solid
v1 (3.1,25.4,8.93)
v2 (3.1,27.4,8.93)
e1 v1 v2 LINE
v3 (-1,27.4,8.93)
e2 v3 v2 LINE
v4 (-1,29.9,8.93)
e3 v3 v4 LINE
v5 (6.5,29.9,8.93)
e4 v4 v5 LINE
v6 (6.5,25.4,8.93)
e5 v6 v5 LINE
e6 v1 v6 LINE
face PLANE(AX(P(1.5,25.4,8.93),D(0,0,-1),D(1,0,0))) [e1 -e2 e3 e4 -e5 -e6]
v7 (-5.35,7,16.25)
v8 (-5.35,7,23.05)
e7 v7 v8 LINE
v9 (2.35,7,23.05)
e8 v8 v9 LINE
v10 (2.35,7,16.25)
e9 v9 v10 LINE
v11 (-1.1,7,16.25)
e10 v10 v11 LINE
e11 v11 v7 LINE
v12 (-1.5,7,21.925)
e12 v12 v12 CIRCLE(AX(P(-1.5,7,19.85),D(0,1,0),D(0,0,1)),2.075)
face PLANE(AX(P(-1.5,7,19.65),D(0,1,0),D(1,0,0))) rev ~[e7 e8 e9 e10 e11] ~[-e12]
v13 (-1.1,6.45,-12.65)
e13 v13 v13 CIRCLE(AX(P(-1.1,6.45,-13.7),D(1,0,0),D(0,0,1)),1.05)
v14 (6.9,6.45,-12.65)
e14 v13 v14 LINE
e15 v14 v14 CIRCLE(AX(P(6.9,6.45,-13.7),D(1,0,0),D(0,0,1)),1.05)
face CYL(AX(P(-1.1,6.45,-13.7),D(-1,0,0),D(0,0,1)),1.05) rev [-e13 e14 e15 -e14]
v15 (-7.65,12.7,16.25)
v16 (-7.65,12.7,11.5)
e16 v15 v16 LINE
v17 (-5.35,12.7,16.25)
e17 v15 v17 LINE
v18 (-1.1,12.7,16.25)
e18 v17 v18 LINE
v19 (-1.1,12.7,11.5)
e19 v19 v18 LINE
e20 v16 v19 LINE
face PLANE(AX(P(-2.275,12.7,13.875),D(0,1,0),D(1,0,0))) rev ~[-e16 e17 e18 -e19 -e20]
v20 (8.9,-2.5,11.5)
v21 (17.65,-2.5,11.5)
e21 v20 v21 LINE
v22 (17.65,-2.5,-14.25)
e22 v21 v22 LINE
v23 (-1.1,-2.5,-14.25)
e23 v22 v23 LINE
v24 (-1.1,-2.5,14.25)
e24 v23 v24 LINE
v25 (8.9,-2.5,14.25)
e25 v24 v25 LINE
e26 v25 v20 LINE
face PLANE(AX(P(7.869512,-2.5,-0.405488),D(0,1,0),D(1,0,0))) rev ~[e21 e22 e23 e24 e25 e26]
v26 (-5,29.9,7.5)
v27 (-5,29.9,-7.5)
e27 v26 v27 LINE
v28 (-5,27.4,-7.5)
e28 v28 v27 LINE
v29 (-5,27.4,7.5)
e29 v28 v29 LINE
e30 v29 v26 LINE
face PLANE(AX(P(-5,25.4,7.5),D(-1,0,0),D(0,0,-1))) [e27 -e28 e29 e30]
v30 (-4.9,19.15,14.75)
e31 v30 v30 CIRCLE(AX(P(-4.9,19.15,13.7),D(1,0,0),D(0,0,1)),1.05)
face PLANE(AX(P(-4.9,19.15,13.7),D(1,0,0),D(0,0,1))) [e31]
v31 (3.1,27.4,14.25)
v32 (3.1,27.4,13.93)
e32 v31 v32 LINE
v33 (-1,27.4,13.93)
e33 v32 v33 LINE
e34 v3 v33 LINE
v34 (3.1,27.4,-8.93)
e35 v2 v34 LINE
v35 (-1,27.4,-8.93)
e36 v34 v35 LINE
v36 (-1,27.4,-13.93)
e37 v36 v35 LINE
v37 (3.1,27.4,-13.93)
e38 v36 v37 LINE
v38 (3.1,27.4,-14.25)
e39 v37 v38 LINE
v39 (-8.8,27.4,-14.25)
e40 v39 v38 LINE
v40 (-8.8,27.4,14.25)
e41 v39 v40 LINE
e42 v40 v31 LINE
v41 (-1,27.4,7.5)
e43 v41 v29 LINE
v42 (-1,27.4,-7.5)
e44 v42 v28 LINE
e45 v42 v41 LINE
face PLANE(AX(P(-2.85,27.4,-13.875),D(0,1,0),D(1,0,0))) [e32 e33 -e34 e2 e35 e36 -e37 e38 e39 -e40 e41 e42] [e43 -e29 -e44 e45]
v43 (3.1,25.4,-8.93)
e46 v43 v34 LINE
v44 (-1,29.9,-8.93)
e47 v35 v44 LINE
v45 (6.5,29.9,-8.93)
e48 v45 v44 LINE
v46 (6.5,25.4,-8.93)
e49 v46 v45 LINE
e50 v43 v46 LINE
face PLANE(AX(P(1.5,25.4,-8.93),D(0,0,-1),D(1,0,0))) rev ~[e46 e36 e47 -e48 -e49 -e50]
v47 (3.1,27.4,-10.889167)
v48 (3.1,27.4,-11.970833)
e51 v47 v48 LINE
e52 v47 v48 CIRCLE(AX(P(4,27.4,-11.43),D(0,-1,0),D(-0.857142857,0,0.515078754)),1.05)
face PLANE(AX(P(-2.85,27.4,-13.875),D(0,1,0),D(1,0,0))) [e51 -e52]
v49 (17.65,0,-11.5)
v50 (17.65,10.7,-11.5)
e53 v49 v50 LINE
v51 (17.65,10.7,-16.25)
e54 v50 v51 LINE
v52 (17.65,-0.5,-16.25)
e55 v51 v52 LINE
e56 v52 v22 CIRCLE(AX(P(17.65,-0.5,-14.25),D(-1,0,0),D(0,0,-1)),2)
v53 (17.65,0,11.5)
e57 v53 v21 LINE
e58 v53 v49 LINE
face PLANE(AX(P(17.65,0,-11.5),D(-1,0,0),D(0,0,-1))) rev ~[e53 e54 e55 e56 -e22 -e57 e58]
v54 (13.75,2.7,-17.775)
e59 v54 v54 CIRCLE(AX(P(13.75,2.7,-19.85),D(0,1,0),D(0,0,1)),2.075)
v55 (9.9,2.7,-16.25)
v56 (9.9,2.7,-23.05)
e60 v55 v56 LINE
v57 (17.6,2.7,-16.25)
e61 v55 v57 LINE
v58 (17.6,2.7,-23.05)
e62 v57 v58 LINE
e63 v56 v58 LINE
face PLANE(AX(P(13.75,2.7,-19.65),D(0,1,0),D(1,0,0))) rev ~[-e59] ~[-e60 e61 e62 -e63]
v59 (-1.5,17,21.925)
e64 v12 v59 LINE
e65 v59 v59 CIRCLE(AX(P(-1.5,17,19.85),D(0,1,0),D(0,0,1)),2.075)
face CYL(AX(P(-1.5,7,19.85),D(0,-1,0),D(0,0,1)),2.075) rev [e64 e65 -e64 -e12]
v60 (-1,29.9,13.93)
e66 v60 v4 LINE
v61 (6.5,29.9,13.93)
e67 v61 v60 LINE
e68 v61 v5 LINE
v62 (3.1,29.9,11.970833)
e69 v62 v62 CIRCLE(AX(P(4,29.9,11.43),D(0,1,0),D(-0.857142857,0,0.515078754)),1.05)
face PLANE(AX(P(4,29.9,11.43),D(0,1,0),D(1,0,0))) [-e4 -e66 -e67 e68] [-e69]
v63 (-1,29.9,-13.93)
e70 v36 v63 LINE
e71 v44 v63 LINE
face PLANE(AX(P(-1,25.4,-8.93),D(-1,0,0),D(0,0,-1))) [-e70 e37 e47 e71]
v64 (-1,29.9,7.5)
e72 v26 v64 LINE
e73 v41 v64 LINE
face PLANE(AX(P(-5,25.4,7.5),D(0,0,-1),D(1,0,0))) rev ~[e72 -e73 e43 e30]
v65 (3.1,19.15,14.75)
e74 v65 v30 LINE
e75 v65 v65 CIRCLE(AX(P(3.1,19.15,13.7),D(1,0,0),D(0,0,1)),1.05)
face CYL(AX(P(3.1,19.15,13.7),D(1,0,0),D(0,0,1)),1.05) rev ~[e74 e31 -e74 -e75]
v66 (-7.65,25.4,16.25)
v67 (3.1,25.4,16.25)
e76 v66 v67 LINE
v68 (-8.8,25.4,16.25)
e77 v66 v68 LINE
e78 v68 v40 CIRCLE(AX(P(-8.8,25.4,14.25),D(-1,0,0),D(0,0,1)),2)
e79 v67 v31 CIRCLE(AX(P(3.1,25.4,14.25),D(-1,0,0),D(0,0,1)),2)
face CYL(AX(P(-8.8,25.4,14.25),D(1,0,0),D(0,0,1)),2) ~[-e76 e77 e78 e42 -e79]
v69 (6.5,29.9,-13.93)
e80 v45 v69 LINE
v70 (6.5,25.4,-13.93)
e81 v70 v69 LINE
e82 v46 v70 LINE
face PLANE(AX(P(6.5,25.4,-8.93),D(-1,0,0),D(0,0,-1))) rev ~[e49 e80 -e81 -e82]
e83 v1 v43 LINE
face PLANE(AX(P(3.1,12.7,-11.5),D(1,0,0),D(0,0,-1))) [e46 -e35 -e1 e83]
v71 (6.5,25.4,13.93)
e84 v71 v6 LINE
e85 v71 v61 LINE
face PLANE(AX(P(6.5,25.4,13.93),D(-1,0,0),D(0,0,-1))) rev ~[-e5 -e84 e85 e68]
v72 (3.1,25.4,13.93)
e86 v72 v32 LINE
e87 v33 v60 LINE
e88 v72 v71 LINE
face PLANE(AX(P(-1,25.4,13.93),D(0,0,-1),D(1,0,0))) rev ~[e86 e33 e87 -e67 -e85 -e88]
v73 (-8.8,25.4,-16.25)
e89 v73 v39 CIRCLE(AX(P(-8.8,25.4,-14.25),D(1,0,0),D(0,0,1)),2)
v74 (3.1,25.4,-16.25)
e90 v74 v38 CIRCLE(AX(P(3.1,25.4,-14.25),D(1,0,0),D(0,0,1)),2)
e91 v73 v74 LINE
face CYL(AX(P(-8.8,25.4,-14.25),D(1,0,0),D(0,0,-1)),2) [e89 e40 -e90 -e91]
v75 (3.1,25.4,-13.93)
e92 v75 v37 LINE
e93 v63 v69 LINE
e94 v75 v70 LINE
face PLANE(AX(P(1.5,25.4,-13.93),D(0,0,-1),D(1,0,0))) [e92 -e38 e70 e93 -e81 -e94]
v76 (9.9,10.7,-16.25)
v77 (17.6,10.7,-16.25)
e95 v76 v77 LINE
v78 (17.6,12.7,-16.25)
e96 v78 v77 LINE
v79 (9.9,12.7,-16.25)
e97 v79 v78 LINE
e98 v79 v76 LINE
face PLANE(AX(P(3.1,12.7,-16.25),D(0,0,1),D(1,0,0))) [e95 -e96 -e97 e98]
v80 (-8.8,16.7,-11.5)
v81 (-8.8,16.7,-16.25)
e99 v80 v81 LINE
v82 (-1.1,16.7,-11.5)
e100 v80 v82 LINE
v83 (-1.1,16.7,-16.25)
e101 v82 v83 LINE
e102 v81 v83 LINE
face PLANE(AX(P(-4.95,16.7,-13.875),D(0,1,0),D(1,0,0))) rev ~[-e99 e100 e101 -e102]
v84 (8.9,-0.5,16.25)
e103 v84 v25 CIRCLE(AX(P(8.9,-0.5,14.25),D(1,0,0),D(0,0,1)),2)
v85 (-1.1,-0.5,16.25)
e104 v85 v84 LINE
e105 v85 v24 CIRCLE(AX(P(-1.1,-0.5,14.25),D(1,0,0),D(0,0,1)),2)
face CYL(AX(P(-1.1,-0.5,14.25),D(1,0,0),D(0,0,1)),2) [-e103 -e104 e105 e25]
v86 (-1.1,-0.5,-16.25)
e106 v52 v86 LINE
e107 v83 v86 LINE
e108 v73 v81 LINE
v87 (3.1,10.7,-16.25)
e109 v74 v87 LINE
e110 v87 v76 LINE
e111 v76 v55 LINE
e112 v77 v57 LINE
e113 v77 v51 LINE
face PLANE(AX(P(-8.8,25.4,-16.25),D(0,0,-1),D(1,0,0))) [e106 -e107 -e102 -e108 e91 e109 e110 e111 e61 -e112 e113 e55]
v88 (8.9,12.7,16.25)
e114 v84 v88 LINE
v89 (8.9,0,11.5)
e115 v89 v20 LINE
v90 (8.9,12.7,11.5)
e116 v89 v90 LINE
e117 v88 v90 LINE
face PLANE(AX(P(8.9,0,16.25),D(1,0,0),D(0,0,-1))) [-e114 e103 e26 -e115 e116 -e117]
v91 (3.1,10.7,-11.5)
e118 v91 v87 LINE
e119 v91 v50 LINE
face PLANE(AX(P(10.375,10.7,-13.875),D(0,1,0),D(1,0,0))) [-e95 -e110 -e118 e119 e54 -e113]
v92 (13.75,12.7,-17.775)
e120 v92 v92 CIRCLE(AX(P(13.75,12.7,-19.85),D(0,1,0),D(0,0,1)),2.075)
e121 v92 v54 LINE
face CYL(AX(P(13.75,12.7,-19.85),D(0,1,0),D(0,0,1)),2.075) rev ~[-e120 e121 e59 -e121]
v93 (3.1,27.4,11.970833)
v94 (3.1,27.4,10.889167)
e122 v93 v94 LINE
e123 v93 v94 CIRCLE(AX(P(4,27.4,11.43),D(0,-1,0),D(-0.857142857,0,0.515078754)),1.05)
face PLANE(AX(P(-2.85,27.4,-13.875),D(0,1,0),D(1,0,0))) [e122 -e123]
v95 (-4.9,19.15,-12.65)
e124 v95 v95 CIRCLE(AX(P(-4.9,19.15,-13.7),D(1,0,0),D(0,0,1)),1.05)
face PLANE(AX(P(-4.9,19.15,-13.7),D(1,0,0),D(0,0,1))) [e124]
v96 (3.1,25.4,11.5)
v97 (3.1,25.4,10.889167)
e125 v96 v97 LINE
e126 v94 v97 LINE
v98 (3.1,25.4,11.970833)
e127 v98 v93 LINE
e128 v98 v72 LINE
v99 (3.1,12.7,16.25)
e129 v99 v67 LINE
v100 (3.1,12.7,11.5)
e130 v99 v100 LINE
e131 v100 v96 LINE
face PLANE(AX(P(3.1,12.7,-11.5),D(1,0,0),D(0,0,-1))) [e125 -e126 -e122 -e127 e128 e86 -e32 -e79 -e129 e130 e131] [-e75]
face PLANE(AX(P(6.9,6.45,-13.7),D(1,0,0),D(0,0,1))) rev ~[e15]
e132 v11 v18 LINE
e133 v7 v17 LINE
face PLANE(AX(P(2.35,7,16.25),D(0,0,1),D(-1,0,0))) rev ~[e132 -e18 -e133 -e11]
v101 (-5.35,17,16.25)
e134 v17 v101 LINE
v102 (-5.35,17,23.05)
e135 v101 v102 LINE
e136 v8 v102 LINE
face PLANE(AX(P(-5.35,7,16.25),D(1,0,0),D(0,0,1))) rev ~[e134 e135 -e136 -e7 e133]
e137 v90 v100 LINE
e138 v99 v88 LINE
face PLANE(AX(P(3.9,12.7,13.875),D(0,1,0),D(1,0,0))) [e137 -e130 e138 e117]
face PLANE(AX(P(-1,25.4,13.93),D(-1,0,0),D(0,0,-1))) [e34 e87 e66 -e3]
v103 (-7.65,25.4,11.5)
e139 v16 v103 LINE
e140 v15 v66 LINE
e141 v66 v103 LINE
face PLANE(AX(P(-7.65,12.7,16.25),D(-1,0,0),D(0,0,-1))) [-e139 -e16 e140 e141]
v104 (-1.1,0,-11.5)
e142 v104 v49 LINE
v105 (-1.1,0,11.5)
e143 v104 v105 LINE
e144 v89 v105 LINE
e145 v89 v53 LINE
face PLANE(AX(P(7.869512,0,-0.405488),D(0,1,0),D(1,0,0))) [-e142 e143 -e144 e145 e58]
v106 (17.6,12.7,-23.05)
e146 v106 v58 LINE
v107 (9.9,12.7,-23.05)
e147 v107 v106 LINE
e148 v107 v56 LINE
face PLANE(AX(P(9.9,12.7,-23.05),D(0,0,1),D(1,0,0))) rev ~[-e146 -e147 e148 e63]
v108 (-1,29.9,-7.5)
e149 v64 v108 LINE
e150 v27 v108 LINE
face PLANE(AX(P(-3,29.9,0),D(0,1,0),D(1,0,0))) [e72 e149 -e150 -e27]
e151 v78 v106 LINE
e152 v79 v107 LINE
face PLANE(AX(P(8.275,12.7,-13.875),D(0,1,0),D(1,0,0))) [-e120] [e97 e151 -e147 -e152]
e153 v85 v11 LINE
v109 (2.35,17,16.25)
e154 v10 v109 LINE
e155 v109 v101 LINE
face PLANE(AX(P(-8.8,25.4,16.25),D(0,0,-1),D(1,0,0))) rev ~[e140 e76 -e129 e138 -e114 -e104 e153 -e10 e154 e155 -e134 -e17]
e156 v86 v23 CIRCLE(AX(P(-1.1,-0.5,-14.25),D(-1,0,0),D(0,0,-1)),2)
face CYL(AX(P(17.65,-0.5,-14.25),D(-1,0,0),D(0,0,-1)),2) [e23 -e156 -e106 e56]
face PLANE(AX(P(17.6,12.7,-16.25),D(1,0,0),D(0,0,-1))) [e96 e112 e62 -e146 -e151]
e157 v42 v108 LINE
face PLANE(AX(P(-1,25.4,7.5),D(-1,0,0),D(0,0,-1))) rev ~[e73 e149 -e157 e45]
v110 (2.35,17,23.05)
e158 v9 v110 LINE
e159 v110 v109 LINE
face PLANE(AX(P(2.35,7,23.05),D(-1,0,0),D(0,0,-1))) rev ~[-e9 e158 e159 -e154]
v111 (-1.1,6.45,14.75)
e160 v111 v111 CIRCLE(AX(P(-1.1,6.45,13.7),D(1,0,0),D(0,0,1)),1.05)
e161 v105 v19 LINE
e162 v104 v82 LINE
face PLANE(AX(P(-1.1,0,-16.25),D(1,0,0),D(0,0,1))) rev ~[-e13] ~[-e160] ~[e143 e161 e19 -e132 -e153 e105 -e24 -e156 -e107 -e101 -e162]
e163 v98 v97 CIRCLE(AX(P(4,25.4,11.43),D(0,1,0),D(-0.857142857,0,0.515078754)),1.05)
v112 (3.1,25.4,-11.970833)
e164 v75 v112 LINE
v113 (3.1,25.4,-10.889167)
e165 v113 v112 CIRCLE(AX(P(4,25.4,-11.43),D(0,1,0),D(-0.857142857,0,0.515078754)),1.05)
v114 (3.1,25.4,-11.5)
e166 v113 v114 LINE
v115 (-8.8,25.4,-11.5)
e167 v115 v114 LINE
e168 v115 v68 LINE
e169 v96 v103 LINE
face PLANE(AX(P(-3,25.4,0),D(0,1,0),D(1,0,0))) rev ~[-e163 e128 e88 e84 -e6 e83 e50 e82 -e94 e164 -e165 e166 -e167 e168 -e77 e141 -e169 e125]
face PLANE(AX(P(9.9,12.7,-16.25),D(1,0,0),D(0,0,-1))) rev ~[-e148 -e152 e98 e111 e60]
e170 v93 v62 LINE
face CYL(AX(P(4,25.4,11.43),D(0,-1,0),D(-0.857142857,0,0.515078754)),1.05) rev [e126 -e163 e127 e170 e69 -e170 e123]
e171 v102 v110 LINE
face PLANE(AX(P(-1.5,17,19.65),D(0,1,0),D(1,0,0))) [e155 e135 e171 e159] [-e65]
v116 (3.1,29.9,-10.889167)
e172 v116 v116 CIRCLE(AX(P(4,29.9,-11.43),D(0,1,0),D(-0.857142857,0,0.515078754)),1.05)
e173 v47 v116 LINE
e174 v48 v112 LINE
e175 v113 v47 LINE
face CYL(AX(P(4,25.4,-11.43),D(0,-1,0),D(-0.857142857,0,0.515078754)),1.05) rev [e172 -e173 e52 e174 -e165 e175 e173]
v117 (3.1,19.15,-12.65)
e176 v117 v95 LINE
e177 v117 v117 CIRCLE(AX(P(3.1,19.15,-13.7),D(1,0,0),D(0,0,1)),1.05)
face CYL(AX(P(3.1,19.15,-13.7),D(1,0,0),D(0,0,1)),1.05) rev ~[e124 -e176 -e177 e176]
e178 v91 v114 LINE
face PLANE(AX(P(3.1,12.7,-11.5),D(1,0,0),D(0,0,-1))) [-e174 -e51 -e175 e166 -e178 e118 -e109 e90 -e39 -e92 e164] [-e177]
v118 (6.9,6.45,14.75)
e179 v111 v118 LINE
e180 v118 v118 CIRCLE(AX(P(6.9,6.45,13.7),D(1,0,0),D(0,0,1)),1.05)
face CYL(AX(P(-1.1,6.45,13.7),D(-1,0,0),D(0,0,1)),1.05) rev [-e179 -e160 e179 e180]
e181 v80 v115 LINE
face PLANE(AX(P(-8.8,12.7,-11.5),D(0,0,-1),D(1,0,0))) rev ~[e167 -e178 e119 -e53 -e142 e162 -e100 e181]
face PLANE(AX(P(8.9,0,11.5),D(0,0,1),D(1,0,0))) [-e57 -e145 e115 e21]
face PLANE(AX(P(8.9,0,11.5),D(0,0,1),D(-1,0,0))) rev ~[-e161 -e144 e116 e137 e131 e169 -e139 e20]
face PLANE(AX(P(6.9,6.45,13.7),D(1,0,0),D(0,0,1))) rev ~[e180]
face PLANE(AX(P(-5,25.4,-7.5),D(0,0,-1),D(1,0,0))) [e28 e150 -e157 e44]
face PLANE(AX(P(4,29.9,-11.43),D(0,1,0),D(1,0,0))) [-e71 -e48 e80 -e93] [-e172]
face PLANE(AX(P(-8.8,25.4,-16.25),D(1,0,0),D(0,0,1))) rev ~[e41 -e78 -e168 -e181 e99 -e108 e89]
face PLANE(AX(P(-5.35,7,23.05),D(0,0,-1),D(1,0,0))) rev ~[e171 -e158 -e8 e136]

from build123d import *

# Parameters (mm, degrees)
BOSS_EXTRUDE1_DEPTH      = 2.5
BOSS_EXTRUDE2_DEPTH      = 12.7
BOSS_EXTRUDE3_START      = 12.7
SKETCH3_W                = 11.9
SKETCH3_H                = 4.75
SKETCH3_W_2              = 10.75
BOSS_EXTRUDE3_DEPTH      = 12.7
BOSS_EXTRUDE4_START      = 25.4
SKETCH3_3_W              = 11.9
SKETCH3_3_H              = 4.75
SKETCH3_3_W_2            = 10.75
SKETCH3_3_W_3            = 1.15
BOSS_EXTRUDE4_DEPTH      = 2
CUT_EXTRUDE1_START       = -1.1
SKETCH2_R                = 1.05
CUT_EXTRUDE1_DEPTH       = 8
CUT_EXTRUDE2_START       = 3.1
SKETCH2_3_R              = 1.05
CUT_EXTRUDE2_DEPTH       = 8
BOSS_EXTRUDE5_START      = 7
SKETCH1_4_R              = 2.075
BOSS_EXTRUDE5_DEPTH      = 10
BOSS_EXTRUDE6_START      = 12.7
SKETCH1_7_W              = 7.7
SKETCH1_7_H              = 6.8
SKETCH1_7_R              = 2.075
BOSS_EXTRUDE6_DEPTH      = 10
FILLET1_R                = 2
CUT_EXTRUDE3_START       = 12.7
SKETCH5_W                = 14.55
SKETCH5_H                = 4.75
CUT_EXTRUDE3_DEPTH       = 2
CUT_EXTRUDE4_START       = 12.7
SKETCH6_W                = 7.7
SKETCH6_H                = 4.75
CUT_EXTRUDE4_DEPTH       = 4
BOSS_EXTRUDE7_DEPTH      = 2.5
BOSS_EXTRUDE7_DEPTH_BACK = 2
BOSS_EXTRUDE7_START      = 27.4
SKETCH7_W                = 4
SKETCH7_H                = 15
SKETCH7_W_2              = 5
SKETCH7_H_2              = 5
SKETCH7_R                = 1.05
SKETCH7_W_3              = 2.5


with BuildPart() as part:
    # Sketch1 → Boss-Extrude1 (new body)
    with BuildSketch(Plane(origin=(0, 0, 0), x_dir=(1, 0, 0), z_dir=(0, 1, 0))):
        Polygon((-1.1, 16.25), (-1.1, -16.25), (8.9, -16.25), (8.9, -11.5), (17.65, -11.5), (17.65, 16.25), align=None)
    extrude(amount=-BOSS_EXTRUDE1_DEPTH)

    # Sketch1<3> → Boss-Extrude2 (add)
    with BuildSketch(Plane(origin=(0, 0, 0), x_dir=(1, 0, 0), z_dir=(0, 1, 0))):
        Polygon((9.9, 16.25), (-1.1, 16.25), (-1.1, 11.5), (17.65, 11.5), (17.65, 16.25), (17.6, 16.25), align=None)
        Polygon((8.9, -11.5), (-1.1, -11.5), (-1.1, -16.25), (2.35, -16.25), (8.9, -16.25), align=None)
    extrude(amount=BOSS_EXTRUDE2_DEPTH)

    # Sketch3 → Boss-Extrude3 (add)
    with BuildSketch(Plane(origin=(0, 0, 0), x_dir=(1, 0, 0), z_dir=(0, 1, 0)).offset(BOSS_EXTRUDE3_START)):
        with Locations((-2.85, 13.875)):
            Rectangle(SKETCH3_W, SKETCH3_H)
        with Locations((-2.275, -13.875)):
            Rectangle(SKETCH3_W_2, SKETCH3_H)
    extrude(amount=BOSS_EXTRUDE3_DEPTH)

    # Sketch3<3> → Boss-Extrude4 (add)
    with BuildSketch(Plane(origin=(0, 0, 0), x_dir=(1, 0, 0), z_dir=(0, 1, 0)).offset(BOSS_EXTRUDE4_START)):
        with Locations((-2.85, 13.875)):
            Rectangle(SKETCH3_3_W, SKETCH3_3_H)
        Polygon((3.1, -11.5), (3.1, 11.5), (-8.8, 11.5), (-8.8, -11.5), (-7.65, -11.5), align=None)
        with Locations((-2.275, -13.875)):
            Rectangle(SKETCH3_3_W_2, SKETCH3_3_H)
        with Locations((-8.225, -13.875)):
            Rectangle(SKETCH3_3_W_3, SKETCH3_3_H)
    extrude(amount=BOSS_EXTRUDE4_DEPTH)

    # Sketch2 → Cut-Extrude1 (cut)
    with BuildSketch(Plane(origin=(0, 0, 0), x_dir=(0, 0, -1), z_dir=(1, 0, 0)).offset(CUT_EXTRUDE1_START)):
        with Locations(Location((-13.7, 6.45, 0), (0, 0, 180))):
            Circle(SKETCH2_R)
        with Locations(Location((13.7, 6.45, 0), (0, 0, 180))):
            Circle(SKETCH2_R)
    extrude(amount=CUT_EXTRUDE1_DEPTH, mode=Mode.SUBTRACT)

    # Sketch2<3> → Cut-Extrude2 (cut)
    with BuildSketch(Plane(origin=(0, 0, 0), x_dir=(0, 0, -1), z_dir=(1, 0, 0)).offset(CUT_EXTRUDE2_START)):
        with Locations(Location((13.7, 19.15, 0), (0, 0, 180))):
            Circle(SKETCH2_3_R)
        with Locations(Location((-13.7, 19.15, 0), (0, 0, 180))):
            Circle(SKETCH2_3_R)
    extrude(amount=-CUT_EXTRUDE2_DEPTH, mode=Mode.SUBTRACT)

    # Sketch1<4> → Boss-Extrude5 (add)
    with BuildSketch(Plane(origin=(0, 0, 0), x_dir=(1, 0, 0), z_dir=(0, 1, 0)).offset(BOSS_EXTRUDE5_START)):
        Polygon((2.35, -16.25), (-1.1, -16.25), (-3.8, -16.25), (-5.35, -16.25), (-5.35, -23.05), (2.35, -23.05), align=None)
        with Locations(Location((-1.5, -19.85, 0), (0, 0, 270))):
            Circle(SKETCH1_4_R, mode=Mode.SUBTRACT)
    extrude(amount=BOSS_EXTRUDE5_DEPTH)

    # Sketch1<7> → Boss-Extrude6 (add)
    with BuildSketch(Plane(origin=(0, 0, 0), x_dir=(1, 0, 0), z_dir=(0, 1, 0)).offset(BOSS_EXTRUDE6_START)):
        with Locations((13.75, 19.65)):
            Rectangle(SKETCH1_7_W, SKETCH1_7_H)
        with Locations(Location((13.75, 19.85, 0), (0, 0, 270))):
            Circle(SKETCH1_7_R, mode=Mode.SUBTRACT)
    extrude(amount=-BOSS_EXTRUDE6_DEPTH)

    # Fillet1
    fillet1_edges = [part.edges().sort_by_distance(p)[0] for p in [
        (3.9, -2.5, 16.25),
        (-2.85, 27.4, 16.25),
        (8.275, -2.5, -16.25),
        (-2.85, 27.4, -16.25),
    ]]
    fillet(fillet1_edges, radius=FILLET1_R)

    # Sketch5 → Cut-Extrude3 (cut)
    with BuildSketch(Plane(origin=(0, 0, 0), x_dir=(1, 0, 0), z_dir=(0, 1, 0)).offset(CUT_EXTRUDE3_START)):
        with Locations((10.375, 13.875)):
            Rectangle(SKETCH5_W, SKETCH5_H)
    extrude(amount=-CUT_EXTRUDE3_DEPTH, mode=Mode.SUBTRACT)

    # Sketch6 → Cut-Extrude4 (cut)
    with BuildSketch(Plane(origin=(0, 0, 0), x_dir=(1, 0, 0), z_dir=(0, 1, 0)).offset(CUT_EXTRUDE4_START)):
        with Locations((-4.95, 13.875)):
            Rectangle(SKETCH6_W, SKETCH6_H)
    extrude(amount=CUT_EXTRUDE4_DEPTH, mode=Mode.SUBTRACT)

    # Sketch7 → Boss-Extrude7 (add, two sides: drawn at the far end of the back side and taken through both)
    # profile 1 of 5: a face of its own
    with BuildSketch(Plane(origin=(0, 0, 0), x_dir=(1, 0, 0), z_dir=(0, 1, 0)).offset(BOSS_EXTRUDE7_START - BOSS_EXTRUDE7_DEPTH_BACK)):
        with Locations((-3, 0)):
            Rectangle(SKETCH7_W, SKETCH7_H)
    # profile 2 of 5: a face of its own
    with BuildSketch(Plane(origin=(0, 0, 0), x_dir=(1, 0, 0), z_dir=(0, 1, 0)).offset(BOSS_EXTRUDE7_START - BOSS_EXTRUDE7_DEPTH_BACK)):
        with Locations((4, -11.43)):
            Rectangle(SKETCH7_W_2, SKETCH7_H_2)
        with Locations(Location((4, -11.43, 0), (0, 0, 211.002719134))):
            Circle(SKETCH7_R, mode=Mode.SUBTRACT)
    # profile 3 of 5: a face of its own
    with BuildSketch(Plane(origin=(0, 0, 0), x_dir=(1, 0, 0), z_dir=(0, 1, 0)).offset(BOSS_EXTRUDE7_START - BOSS_EXTRUDE7_DEPTH_BACK)):
        with Locations((0.25, -11.43)):
            Rectangle(SKETCH7_W_3, SKETCH7_H_2)
    # profile 4 of 5: a face of its own
    with BuildSketch(Plane(origin=(0, 0, 0), x_dir=(1, 0, 0), z_dir=(0, 1, 0)).offset(BOSS_EXTRUDE7_START - BOSS_EXTRUDE7_DEPTH_BACK)):
        with Locations((0.25, 11.43)):
            Rectangle(SKETCH7_W_3, SKETCH7_H_2)
    # profile 5 of 5: a face of its own
    with BuildSketch(Plane(origin=(0, 0, 0), x_dir=(1, 0, 0), z_dir=(0, 1, 0)).offset(BOSS_EXTRUDE7_START - BOSS_EXTRUDE7_DEPTH_BACK)):
        with Locations((4, 11.43)):
            Rectangle(SKETCH7_W_2, SKETCH7_H_2)
        with Locations(Location((4, 11.43, 0), (0, 0, 211.002719134))):
            Circle(SKETCH7_R, mode=Mode.SUBTRACT)
    extrude(amount=BOSS_EXTRUDE7_DEPTH + BOSS_EXTRUDE7_DEPTH_BACK)


solid = part.part
